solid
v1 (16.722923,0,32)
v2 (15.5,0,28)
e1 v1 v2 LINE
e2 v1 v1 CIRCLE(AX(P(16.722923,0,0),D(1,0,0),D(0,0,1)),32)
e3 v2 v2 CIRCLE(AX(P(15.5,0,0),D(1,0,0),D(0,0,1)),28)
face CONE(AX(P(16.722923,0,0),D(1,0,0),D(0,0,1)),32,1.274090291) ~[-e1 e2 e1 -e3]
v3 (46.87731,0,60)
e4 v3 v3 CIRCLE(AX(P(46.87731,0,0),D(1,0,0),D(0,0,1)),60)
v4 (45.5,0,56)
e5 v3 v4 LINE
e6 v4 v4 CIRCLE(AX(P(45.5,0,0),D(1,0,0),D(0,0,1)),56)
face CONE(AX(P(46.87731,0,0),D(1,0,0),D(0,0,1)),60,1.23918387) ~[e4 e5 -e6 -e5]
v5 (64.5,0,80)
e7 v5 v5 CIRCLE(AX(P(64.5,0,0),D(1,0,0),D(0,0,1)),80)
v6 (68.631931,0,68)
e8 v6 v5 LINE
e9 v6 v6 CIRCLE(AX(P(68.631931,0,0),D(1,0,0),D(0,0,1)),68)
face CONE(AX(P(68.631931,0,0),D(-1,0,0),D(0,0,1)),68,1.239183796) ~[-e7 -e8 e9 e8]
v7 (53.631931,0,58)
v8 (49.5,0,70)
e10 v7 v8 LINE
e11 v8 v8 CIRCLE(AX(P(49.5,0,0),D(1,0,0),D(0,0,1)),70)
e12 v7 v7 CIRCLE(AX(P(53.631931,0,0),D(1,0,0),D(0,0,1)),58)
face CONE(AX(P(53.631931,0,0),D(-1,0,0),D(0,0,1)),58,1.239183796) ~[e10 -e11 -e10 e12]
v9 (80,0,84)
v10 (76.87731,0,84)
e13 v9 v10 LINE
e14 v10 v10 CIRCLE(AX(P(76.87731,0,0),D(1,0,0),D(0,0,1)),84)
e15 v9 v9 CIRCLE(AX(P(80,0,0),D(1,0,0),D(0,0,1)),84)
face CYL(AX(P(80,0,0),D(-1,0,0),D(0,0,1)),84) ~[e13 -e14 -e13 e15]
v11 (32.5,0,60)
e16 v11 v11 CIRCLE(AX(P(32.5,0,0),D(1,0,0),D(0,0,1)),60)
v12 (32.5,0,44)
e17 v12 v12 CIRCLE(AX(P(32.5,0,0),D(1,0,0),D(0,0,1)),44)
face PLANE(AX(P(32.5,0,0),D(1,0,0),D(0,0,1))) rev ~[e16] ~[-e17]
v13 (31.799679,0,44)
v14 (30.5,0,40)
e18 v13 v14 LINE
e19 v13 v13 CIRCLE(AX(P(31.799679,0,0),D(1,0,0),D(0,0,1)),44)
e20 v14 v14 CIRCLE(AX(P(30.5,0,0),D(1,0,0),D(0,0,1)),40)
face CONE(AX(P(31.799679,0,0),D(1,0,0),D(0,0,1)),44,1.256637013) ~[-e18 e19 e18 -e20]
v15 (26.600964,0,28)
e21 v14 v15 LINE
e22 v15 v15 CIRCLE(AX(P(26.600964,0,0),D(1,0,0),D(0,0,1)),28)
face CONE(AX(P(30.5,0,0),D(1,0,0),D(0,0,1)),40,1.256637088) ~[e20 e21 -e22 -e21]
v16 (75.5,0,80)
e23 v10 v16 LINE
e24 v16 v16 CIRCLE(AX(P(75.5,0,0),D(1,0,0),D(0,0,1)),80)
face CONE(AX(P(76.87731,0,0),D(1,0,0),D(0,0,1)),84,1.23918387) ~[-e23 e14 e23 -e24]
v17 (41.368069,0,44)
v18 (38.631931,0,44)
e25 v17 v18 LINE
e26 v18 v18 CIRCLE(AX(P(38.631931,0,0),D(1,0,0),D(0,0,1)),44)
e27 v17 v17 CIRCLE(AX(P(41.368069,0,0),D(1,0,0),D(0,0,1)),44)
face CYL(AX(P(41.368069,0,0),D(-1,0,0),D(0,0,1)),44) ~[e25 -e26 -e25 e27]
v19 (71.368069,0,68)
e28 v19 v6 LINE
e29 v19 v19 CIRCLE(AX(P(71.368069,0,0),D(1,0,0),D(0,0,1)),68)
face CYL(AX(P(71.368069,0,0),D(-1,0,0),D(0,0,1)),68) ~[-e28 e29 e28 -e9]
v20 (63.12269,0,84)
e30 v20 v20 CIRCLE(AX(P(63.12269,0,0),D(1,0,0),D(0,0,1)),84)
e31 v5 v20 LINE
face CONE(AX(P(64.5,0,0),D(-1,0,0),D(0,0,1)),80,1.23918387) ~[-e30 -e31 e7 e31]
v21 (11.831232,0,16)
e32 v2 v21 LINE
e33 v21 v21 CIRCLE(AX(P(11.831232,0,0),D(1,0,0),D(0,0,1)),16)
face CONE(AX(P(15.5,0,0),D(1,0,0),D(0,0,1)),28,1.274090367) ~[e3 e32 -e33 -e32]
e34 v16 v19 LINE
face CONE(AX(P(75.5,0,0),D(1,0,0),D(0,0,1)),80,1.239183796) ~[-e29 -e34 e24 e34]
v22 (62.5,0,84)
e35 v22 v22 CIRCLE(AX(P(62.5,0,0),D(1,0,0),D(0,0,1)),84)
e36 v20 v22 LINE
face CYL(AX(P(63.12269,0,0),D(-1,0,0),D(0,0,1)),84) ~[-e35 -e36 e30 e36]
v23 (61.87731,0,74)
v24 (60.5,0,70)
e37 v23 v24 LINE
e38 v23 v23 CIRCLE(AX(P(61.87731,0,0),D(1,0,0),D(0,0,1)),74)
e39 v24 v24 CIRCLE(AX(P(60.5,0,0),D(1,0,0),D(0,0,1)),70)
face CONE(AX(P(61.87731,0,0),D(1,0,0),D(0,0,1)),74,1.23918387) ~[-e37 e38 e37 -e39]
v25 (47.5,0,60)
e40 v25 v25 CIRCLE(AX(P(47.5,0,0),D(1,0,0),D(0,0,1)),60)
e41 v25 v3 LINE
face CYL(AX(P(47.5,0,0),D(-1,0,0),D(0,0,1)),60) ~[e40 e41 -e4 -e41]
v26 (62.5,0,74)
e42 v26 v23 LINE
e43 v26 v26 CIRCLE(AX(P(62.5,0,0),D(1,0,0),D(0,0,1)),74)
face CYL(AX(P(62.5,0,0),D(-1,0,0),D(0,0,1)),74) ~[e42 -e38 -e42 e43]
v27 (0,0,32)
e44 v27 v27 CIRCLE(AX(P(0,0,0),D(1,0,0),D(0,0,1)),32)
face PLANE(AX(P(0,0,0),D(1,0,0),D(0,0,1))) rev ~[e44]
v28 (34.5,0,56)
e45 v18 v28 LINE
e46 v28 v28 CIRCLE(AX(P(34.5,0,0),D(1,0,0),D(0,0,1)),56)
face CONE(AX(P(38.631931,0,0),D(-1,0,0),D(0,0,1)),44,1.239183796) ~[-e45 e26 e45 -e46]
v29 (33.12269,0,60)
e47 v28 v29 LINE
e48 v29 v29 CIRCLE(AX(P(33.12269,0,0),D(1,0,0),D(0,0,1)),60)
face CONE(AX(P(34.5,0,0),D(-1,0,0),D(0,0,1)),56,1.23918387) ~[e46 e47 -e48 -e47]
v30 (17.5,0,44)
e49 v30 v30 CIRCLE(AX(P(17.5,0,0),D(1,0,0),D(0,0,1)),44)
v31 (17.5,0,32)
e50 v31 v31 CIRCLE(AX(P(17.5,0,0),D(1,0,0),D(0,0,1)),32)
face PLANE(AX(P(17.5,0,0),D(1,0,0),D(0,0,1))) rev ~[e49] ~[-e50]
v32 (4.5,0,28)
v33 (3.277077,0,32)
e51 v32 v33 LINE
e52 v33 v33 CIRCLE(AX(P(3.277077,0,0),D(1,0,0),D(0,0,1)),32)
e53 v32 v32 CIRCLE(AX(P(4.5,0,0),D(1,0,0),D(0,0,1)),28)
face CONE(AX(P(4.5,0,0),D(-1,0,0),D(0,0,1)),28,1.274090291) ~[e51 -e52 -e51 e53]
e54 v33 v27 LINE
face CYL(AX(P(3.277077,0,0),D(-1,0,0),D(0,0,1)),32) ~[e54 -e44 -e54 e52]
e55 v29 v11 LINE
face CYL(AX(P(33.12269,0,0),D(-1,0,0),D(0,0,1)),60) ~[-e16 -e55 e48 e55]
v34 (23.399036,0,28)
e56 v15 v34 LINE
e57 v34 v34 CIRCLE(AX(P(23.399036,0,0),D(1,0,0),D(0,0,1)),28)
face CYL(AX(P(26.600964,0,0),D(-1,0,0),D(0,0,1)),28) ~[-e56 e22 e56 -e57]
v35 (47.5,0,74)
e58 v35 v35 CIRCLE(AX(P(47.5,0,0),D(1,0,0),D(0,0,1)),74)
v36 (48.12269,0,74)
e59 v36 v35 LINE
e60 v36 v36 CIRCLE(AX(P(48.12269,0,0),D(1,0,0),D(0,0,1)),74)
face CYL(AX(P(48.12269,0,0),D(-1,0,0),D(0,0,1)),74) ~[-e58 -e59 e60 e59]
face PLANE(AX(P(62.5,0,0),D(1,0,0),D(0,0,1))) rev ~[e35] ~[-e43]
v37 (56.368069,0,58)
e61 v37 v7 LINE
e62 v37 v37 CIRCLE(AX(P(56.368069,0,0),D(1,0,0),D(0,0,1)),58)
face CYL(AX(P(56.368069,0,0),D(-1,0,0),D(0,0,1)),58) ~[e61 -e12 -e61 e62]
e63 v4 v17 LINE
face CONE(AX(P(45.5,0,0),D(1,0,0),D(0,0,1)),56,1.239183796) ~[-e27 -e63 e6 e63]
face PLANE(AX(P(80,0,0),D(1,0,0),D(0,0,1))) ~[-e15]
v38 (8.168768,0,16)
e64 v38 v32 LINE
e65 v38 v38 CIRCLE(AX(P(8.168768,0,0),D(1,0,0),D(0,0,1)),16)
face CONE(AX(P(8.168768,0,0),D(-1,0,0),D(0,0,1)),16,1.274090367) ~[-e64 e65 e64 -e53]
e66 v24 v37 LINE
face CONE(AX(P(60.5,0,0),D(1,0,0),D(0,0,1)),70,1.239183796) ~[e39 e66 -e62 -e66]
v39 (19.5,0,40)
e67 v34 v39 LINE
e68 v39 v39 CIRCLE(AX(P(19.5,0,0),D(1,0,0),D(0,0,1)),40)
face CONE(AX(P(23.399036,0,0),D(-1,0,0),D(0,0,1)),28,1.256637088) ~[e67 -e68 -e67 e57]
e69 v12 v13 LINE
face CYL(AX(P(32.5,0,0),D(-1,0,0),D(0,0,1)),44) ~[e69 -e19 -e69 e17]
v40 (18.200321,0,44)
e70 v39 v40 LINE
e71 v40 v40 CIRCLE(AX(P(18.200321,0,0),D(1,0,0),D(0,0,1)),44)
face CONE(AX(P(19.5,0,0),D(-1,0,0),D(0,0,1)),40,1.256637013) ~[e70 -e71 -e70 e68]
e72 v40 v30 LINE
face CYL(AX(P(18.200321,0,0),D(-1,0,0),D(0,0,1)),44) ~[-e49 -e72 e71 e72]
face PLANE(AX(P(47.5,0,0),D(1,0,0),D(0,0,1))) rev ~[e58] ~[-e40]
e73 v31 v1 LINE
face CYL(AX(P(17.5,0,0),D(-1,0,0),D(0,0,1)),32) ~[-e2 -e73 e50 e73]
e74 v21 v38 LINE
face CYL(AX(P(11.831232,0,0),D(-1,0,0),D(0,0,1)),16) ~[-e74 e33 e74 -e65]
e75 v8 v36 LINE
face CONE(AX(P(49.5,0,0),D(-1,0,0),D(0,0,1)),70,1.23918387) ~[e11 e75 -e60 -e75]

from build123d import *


with BuildPart() as f1:
    # F0 (on Front) → F1 (revolve)
    with BuildSketch(Plane.XZ):
        Polygon((0, 32), (0, 0), (80, 0), (80, 84), (76.87731, 84), (75.5, 80), (71.368069, 68), (68.631931, 68), (64.5, 80), (63.12269, 84), (62.5, 84), (62.5, 74), (61.87731, 74), (60.5, 70), (56.368069, 58), (53.631931, 58), (49.5, 70), (48.12269, 74), (47.5, 74), (47.5, 60), (46.87731, 60), (45.5, 56), (41.368069, 44), (38.631931, 44), (34.5, 56), (33.12269, 60), (32.5, 60), (32.5, 44), (31.799679, 44), (30.5, 40), (26.600964, 28), (23.399036, 28), (19.5, 40), (18.200321, 44), (17.5, 44), (17.5, 32), (16.722923, 32), (15.5, 28), (11.831232, 16), (8.168768, 16), (4.5, 28), (3.277077, 32), align=None)
    revolve(axis=Axis((40, 0, 0), (1, 0, 0)))


solid = f1.part
